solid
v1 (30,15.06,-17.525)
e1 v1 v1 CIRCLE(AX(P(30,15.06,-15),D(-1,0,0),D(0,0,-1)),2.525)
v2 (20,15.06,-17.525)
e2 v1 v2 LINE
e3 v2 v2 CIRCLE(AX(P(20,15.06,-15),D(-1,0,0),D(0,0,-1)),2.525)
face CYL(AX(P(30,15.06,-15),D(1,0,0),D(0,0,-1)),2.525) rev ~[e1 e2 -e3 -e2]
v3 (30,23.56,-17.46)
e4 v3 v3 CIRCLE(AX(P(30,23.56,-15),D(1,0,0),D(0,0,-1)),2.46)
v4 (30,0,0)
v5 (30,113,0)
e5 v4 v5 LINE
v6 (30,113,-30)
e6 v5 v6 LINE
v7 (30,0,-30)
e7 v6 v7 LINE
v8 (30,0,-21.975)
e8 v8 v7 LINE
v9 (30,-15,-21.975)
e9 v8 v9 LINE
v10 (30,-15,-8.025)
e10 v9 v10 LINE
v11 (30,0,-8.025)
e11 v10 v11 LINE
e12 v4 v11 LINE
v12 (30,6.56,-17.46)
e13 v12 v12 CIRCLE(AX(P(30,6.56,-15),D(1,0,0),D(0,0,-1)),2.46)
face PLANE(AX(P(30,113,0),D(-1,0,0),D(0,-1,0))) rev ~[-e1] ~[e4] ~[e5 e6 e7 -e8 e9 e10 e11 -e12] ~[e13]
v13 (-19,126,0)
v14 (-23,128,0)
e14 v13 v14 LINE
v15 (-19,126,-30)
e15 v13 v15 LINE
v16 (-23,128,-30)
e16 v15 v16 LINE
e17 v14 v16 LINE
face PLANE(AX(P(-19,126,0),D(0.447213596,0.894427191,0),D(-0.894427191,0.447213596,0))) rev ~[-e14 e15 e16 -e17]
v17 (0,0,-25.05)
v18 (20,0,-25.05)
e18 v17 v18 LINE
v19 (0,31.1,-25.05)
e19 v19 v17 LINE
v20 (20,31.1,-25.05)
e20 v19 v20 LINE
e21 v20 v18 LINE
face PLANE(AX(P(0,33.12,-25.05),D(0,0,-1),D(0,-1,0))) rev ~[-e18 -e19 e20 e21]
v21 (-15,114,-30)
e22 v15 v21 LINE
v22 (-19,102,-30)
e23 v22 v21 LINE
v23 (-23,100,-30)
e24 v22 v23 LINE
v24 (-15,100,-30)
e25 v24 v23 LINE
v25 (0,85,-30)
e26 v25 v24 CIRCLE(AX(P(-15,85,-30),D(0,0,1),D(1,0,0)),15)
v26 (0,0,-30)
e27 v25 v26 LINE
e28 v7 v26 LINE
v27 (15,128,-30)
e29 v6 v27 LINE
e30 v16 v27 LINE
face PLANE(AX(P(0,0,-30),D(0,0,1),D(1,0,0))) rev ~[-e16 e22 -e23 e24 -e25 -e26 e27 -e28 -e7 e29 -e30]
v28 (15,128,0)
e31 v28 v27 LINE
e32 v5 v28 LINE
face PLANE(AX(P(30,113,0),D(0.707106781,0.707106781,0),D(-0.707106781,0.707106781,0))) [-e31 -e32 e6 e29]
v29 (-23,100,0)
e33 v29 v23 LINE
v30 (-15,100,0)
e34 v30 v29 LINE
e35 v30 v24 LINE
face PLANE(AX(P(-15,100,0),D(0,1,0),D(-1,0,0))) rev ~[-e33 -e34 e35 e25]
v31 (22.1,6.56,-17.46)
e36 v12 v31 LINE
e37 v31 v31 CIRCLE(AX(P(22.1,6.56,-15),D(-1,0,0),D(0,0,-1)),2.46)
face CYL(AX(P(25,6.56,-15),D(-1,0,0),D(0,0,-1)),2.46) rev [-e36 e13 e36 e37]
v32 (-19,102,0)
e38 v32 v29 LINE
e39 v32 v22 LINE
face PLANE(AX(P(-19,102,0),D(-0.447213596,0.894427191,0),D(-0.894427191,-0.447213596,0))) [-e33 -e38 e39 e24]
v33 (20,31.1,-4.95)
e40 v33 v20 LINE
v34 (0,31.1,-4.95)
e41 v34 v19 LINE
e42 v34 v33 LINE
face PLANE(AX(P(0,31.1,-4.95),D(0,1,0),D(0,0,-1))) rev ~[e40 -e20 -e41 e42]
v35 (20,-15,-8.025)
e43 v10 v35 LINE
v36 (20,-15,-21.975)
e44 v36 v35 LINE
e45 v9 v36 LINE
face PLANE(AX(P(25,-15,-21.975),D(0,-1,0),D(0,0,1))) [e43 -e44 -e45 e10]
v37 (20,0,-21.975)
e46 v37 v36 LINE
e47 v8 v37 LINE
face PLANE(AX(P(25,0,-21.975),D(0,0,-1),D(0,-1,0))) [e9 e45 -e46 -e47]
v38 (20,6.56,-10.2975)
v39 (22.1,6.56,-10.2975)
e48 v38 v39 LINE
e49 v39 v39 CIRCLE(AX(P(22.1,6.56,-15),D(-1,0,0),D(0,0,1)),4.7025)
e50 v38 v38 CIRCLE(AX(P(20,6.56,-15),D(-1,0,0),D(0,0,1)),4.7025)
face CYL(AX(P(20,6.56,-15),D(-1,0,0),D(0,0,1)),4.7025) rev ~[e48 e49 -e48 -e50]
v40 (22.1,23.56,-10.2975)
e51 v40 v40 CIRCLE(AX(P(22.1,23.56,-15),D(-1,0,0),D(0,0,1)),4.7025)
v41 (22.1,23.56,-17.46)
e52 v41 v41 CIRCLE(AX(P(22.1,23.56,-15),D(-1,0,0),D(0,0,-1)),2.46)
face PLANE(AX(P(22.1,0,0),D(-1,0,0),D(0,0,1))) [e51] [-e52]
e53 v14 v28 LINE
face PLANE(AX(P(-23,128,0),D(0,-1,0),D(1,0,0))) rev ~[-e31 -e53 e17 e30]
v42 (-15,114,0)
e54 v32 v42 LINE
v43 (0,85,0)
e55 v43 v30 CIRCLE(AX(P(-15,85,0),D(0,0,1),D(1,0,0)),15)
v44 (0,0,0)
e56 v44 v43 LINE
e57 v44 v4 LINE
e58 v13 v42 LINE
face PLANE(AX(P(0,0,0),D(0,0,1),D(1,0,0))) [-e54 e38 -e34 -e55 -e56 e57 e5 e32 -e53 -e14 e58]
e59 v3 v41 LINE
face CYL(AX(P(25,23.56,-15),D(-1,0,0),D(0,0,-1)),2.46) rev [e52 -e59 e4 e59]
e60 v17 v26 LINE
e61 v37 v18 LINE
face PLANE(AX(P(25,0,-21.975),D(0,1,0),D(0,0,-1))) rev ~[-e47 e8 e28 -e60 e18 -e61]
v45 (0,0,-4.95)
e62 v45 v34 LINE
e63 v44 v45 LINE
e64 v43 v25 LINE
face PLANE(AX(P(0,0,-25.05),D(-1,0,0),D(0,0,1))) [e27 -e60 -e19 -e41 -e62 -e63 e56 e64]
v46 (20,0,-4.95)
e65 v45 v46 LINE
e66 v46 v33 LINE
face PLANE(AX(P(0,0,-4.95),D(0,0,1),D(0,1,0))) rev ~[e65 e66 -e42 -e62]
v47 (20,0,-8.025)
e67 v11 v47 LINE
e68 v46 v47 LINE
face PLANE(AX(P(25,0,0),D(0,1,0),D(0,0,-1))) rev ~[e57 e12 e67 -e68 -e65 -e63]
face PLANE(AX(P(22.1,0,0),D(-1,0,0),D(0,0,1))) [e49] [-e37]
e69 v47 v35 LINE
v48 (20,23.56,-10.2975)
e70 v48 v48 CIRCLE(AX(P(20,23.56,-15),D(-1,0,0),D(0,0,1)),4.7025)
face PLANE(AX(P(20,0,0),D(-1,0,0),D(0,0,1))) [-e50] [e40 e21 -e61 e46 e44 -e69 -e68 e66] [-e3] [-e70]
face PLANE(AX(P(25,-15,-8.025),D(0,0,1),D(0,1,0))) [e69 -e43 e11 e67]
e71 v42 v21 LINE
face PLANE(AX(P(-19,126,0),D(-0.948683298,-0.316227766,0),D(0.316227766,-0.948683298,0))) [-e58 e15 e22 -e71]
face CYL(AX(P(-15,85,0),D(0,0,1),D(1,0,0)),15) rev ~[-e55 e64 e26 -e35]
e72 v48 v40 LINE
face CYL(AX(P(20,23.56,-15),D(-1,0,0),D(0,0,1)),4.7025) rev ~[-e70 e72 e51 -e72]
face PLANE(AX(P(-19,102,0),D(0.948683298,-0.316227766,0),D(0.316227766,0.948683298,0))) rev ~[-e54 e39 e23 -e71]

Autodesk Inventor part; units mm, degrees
ref_plane "YZ Plane" through (0, 0, 0) normal (1, 0, 0) x (0, 1, 0)
ref_plane "XZ Plane" through (0, 0, 0) normal (0, 1, 0) x (-1, 0, 0)
ref_plane "XY Plane" through (0, 0, 0) normal (0, 0, 1) x (1, 0, 0)
sketch "Sketch1" plane through (0, 0, 0) normal (0, 0, 1) x (1, 0, 0)
  line L0 (0, 0) -> (25, 0)
  line L1 (25, 0) -> (25, 40)
  line L2 (25, 40) -> (0, 40)
  line L3 (0, 40) -> (0, 0)
  dimension "d1" = 25
  dimension "d2" = 40
  dimension "d3" = 25
extrude "Extrusion1" add sketch "Sketch1" against normal blind 30
sketch "Sketch2" plane through (25, 0, 0) normal (1, 0, 0) x (0, 0, -1)
  line L0 (0, 0) -> (30, 0) projected
  circle A0 centre (15, 6.56) radius 2.46
extrude "Extrusion2" cut sketch "Sketch2" against normal blind 30
sketch "Sketch3" plane through (0, 0, 0) normal (-1, 0, 0) x (0, 0, 1)
  line L0 (0, 0) -> (-30, 0) projected
  line L1 (-25.05, 0) -> (-4.95, 0)
  line L2 (-4.95, 0) -> (-4.95, 33.12)
  line L3 (-4.95, 33.12) -> (-25.05, 33.12)
  line L4 (-25.05, 33.12) -> (-25.05, 0)
  dimension "d11" = 20.1
extrude "Extrusion3" cut sketch "Sketch3" against normal blind 20
sketch "Sketch4" plane through (0, 0, 0) normal (0, -1, 0) x (1, 0, 0)
  line L0 (20, -4.95) -> (20, -25.05) projected
  line L1 (20, -15) -> (25, -15)
  line L2 (25, 0) -> (25, -30) projected
  line L3 (20, -8.025) -> (25, -8.025)
  line L4 (25, -8.025) -> (25, -21.975)
  line L5 (25, -21.975) -> (20, -21.975)
  line L6 (20, -21.975) -> (20, -8.025)
  line L7 (20, -8.025) -> (25, -21.975) construction
  line L8 (25, -8.025) -> (20, -21.975) construction
  line L9 (25, -12.54) -> (25, -17.46) projected
  point P0 (0, 0)
  point P1 (22.5, -15)
  dimension "d14" = 13.95
extrude "Extrusion4" add sketch "Sketch4" along normal blind 15
sketch "Sketch5" plane through (20, 0, 0) normal (-1, 0, 0) x (0, 0, 1)
  circle A0 centre (-15, 6.56) radius 2.46 projected
  circle A1 centre (-15, 6.56) radius 4.7025
  circle A2 centre (-15, 6.56) radius 2.46 projected
  circle A3 centre (-15, 6.56) radius 2.46
  point P0 (0, 0)
  dimension "d17" = 9.405
extrude "Extrusion5" cut sketch "Sketch5" against normal blind 2.1
sketch "Sketch6" plane through (25, 0, 0) normal (1, 0, 0) x (0, 0, -1)
  circle A0 centre (15, 6.56) radius 4.7025 projected
  line L0 (15, 6.56) -> (15, 23.56)
  circle A1 centre (15, 23.56) radius 2.46
  point P0 (0, 0)
  dimension "d20" = 17
  dimension "d21" = 4.92
extrude "Extrusion6" cut sketch "Sketch6" against normal blind 10 contours A1
sketch "Sketch7" plane through (20, 0, 0) normal (-1, 0, 0) x (0, 0, 1)
  circle A0 centre (-15, 23.56) radius 2.46 projected
  circle A1 centre (-15, 23.56) radius 4.7025
  point P0 (0, 0)
  dimension "d24" = 9.405
extrude "Extrusion7" cut sketch "Sketch7" against normal blind 2.1
sketch "Sketch9" plane through (25, 0, 0) normal (1, 0, 0) x (0, 0, -1)
  circle A0 centre (15, 6.56) radius 2.46 projected
  circle A1 centre (15, 6.56) radius 2.46
  circle A2 centre (15, 23.56) radius 2.46 projected
  circle A3 centre (15, 23.56) radius 2.46
  line L0 (30, 40) -> (30, 0) projected
  line L1 (30, 0) -> (30, 40)
  line L2 (30, 40) -> (0, 40)
  line L3 (0, 40) -> (0, 0)
  line L4 (0, 0) -> (8.025, 0) projected
  line L5 (21.975, 0) -> (21.975, -15)
  line L6 (21.975, -15) -> (8.025, -15)
  line L7 (8.025, -15) -> (8.025, 0)
  line L8 (0, 0) -> (8.025, 0)
  line L9 (21.975, 0) -> (30, 0)
extrude "Extrusion8" add sketch "Sketch9" along normal blind 5
sketch "Sketch10" plane through (0, 40, 0) normal (0, 1, 0) x (1, 0, 0)
  line L0 (0, 30) -> (30, 30) projected
  line L1 (30, 0) -> (0, 0) projected
  line L2 (0, 30) -> (30, 30)
  line L3 (30, 30) -> (30, 0)
  line L4 (30, 0) -> (0, 0)
  line L5 (0, 0) -> (0, 30)
extrude "Extrusion9" add sketch "Sketch10" along normal blind 30
sketch "Sketch12" plane through (30, 0, 0) normal (1, 0, 0) x (0, 0, -1)
  circle A0 centre (15, 6.56) radius 2.46 projected
  line L0 (15, 6.56) -> (15, 15.06)
  circle A1 centre (15, 15.06) radius 2.525
  point P0 (0, 0)
  dimension "d31" = 8.5
  dimension "d33" = 5.05
extrude "Extrusion10" cut sketch "Sketch12" against normal blind 30 contours A1
sketch "Sketch14" plane through (0, 0, 0) normal (0, 0, 1) x (1, 0, 0)
  line L0 (30, 70) -> (0, 70) projected
  line L1 (0, 70) -> (0, 85)
  line L2 (-15, 100) -> (-23, 100)
  line L3 (30, 0) -> (30, 70) projected
  line L4 (30, 113) -> (30, 70)
  arc A0 (0, 85) -> (-15, 100) centre (-15, 85) ccw
  line L5 (30, 105) -> (30, 100)
  line L6 (-23, 128) -> (15, 128)
  line L7 (-19, 126) -> (-23, 128)
  line L8 (-19, 126) -> (-15, 114)
  line L9 (-19, 102) -> (-23, 100)
  line L10 (-19, 102) -> (-15, 114)
  line L11 (30, 113) -> (15, 128)
  point P0 (0, 0)
  point P1 (0, 100)
  dimension "d47" = 30
  dimension "d54" = 15
  dimension "d69" = 28
extrude "Extrusion12" add sketch "Sketch14" against normal blind 30
sketch "Sketch15" plane through (0, 0, -25.05) normal (-1, 0, 0) x (0, 0, 1)
  line L0 (0, 33.12) -> (20.1, 33.12) projected
  line L1 (20.1, 33.12) -> (20.1, 0) projected
  line L2 (0, 33.12) -> (20.1, 33.12)
  line L3 (20.1, 33.12) -> (20.1, 31.1)
  line L4 (20.1, 31.1) -> (0, 31.1)
  line L5 (0, 31.1) -> (0, 33.12)
  point P0 (25.05, 0)
  dimension "d57" = 2.02
extrude "Extrusion13" add sketch "Sketch15" against normal blind 20
properties part number "24mm_x_30mm"
